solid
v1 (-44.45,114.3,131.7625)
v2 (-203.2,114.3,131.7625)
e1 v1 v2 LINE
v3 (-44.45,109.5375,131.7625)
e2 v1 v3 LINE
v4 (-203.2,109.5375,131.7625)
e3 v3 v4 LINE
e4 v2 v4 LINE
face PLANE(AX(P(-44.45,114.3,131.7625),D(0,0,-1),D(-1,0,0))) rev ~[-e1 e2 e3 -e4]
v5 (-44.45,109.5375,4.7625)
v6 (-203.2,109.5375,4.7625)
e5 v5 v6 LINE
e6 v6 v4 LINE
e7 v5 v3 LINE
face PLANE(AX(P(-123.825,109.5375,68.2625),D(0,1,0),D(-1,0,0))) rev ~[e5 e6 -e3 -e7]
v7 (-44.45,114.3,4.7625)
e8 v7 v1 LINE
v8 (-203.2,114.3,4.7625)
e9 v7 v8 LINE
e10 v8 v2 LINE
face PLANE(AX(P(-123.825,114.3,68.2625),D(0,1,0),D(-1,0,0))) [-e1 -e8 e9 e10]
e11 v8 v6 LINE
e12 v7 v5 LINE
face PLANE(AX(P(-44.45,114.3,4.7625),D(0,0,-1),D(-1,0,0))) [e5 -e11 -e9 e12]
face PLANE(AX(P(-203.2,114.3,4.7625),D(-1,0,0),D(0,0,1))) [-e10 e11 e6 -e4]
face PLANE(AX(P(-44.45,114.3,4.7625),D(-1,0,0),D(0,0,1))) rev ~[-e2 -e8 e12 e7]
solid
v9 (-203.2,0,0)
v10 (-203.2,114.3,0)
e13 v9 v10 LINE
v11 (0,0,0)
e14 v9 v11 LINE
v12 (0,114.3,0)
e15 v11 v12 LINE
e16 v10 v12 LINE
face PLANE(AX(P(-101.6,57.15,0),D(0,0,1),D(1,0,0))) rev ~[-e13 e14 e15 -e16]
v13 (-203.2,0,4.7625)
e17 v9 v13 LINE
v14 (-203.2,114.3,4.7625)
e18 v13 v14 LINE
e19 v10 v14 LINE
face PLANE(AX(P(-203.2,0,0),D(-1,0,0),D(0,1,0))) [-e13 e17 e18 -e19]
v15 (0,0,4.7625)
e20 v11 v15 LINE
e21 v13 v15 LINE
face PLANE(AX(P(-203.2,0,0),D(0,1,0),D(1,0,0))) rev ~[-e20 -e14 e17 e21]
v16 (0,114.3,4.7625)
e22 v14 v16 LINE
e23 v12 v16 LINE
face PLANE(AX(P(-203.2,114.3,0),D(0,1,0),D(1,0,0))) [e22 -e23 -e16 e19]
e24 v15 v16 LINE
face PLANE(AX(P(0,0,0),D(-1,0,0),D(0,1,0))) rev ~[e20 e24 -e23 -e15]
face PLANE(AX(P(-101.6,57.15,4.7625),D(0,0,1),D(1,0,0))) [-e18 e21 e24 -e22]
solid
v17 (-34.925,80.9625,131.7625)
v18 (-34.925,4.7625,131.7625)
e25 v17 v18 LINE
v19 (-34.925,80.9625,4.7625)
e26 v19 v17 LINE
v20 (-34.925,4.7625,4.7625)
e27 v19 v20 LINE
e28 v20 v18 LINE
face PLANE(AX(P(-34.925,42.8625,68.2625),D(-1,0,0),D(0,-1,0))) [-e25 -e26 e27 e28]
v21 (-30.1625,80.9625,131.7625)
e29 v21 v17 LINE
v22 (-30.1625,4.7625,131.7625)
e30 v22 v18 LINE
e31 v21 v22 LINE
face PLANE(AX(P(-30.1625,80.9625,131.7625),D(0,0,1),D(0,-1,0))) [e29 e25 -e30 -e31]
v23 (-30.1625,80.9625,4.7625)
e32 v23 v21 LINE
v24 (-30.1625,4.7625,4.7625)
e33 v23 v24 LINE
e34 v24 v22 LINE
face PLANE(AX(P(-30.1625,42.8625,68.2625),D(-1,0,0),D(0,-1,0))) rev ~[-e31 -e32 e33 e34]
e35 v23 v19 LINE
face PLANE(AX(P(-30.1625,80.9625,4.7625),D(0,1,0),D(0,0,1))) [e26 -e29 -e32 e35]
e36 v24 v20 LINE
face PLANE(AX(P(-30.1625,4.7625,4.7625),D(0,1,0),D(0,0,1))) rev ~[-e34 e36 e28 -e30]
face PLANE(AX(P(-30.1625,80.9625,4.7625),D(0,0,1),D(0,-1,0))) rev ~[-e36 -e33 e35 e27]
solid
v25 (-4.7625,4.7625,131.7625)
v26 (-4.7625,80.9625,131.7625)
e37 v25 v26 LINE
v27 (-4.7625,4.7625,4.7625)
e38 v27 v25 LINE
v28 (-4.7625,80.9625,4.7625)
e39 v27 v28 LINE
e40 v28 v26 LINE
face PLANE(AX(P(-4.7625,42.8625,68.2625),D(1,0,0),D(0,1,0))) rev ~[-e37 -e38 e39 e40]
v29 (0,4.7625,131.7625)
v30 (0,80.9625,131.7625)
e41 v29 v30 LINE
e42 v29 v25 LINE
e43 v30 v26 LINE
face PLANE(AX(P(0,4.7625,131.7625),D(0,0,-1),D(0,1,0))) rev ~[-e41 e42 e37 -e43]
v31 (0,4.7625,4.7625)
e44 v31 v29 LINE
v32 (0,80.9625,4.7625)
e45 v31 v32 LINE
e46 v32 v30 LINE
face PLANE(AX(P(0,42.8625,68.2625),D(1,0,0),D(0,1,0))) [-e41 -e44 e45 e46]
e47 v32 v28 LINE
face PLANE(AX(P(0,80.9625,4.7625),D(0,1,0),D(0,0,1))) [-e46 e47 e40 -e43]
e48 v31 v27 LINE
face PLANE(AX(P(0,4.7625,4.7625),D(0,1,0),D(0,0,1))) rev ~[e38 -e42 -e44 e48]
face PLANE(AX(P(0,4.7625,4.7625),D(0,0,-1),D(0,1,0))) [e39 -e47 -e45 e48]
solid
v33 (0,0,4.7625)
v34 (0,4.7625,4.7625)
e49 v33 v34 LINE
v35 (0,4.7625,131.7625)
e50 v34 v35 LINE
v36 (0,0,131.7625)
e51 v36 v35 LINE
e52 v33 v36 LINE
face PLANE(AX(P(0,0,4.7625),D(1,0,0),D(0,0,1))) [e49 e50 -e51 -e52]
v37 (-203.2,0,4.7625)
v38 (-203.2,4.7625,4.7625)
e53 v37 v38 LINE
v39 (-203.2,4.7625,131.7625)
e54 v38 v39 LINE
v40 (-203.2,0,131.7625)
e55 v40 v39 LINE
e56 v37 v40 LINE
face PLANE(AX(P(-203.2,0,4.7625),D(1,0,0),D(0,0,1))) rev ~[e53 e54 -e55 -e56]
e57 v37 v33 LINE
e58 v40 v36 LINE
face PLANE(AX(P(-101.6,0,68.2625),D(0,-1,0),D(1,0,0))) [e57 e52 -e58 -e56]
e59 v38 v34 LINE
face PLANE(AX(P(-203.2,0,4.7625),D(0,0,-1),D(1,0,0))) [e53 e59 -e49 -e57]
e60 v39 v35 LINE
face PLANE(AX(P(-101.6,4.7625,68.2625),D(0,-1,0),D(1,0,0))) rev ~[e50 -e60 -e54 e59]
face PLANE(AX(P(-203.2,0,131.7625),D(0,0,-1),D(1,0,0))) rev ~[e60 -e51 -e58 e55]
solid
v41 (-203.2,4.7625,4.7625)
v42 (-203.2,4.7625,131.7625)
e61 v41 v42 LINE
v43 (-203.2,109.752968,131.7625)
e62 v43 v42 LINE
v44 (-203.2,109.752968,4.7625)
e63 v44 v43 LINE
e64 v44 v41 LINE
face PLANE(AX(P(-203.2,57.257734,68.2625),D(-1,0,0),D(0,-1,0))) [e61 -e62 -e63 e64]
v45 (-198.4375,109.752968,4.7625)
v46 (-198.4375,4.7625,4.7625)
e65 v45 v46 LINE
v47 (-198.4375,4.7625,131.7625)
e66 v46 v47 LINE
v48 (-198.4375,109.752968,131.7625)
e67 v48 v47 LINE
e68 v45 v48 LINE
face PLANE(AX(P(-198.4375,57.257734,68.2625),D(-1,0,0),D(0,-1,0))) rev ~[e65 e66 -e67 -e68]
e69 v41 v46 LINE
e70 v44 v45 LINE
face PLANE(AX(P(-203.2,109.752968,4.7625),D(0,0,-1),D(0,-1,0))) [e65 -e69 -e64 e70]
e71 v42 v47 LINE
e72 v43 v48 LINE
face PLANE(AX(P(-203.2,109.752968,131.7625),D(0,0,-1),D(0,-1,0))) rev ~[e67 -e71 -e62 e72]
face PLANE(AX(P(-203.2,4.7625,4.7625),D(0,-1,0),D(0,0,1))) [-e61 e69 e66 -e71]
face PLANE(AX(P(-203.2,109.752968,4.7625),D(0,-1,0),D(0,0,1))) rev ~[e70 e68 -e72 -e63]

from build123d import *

# Parameters (mm, degrees)
F0_W      = 203.2
F0_H      = 114.3
F1_DEPTH  = 4.7625
F2_W      = 203.2
F2_H      = 127
F3_DEPTH  = 4.7625
F4_W      = 104.9904679537
F4_H      = 127
F5_DEPTH  = 4.7625
F6_W      = 158.75
F6_H      = 127
F7_DEPTH  = 4.7625
F8_W      = 76.2
F8_H      = 127
F9_DEPTH  = 4.7625
F11_W     = 76.2
F11_H     = 127
F12_DEPTH = 4.7625


with BuildPart() as f1:
    # F0 (on Top) → F1 (new body)
    with BuildSketch(Plane.XY):
        with Locations((-101.6, 57.15)):
            Rectangle(F0_W, F0_H)
    extrude(amount=F1_DEPTH)


with BuildPart() as f3:
    # F2 (on face) → F3 (new body)
    with BuildSketch(Plane.XZ):
        with Locations((-101.6, 68.2625)):
            Rectangle(F2_W, F2_H)
    extrude(amount=-F3_DEPTH)


with BuildPart() as f5:
    # F4 (on face) → F5 (new body)
    with BuildSketch(Plane(origin=(-203.2, 0, 0), x_dir=(0, -1, 0), z_dir=(-1, 0, 0))):
        with Locations((-57.2577339768, 68.2625)):
            Rectangle(F4_W, F4_H)
    extrude(amount=-F5_DEPTH)


with BuildPart() as f7:
    # F6 (on face) → F7 (new body)
    with BuildSketch(Plane(origin=(0, 114.3, 0), x_dir=(-1, 0, 0), z_dir=(0, 1, 0))):
        with Locations((123.825, 68.2625)):
            Rectangle(F6_W, F6_H)
    extrude(amount=-F7_DEPTH)


with BuildPart() as f9:
    # F8 (on face) → F9 (new body)
    with BuildSketch(Plane.YZ):
        with Locations((42.8625, 68.2625)):
            Rectangle(F8_W, F8_H)
    extrude(amount=-F9_DEPTH)


with BuildPart() as f12:
    # F11 (on offset) → F12 (new body)
    with BuildSketch(Plane(origin=(-30.1625, 0, 0), x_dir=(0, -1, 0), z_dir=(-1, 0, 0))):
        with Locations((-42.8625, 68.2625)):
            Rectangle(F11_W, F11_H)
    extrude(amount=F12_DEPTH)


solid = Compound([f1.part, f3.part, f5.part, f7.part, f9.part, f12.part])
